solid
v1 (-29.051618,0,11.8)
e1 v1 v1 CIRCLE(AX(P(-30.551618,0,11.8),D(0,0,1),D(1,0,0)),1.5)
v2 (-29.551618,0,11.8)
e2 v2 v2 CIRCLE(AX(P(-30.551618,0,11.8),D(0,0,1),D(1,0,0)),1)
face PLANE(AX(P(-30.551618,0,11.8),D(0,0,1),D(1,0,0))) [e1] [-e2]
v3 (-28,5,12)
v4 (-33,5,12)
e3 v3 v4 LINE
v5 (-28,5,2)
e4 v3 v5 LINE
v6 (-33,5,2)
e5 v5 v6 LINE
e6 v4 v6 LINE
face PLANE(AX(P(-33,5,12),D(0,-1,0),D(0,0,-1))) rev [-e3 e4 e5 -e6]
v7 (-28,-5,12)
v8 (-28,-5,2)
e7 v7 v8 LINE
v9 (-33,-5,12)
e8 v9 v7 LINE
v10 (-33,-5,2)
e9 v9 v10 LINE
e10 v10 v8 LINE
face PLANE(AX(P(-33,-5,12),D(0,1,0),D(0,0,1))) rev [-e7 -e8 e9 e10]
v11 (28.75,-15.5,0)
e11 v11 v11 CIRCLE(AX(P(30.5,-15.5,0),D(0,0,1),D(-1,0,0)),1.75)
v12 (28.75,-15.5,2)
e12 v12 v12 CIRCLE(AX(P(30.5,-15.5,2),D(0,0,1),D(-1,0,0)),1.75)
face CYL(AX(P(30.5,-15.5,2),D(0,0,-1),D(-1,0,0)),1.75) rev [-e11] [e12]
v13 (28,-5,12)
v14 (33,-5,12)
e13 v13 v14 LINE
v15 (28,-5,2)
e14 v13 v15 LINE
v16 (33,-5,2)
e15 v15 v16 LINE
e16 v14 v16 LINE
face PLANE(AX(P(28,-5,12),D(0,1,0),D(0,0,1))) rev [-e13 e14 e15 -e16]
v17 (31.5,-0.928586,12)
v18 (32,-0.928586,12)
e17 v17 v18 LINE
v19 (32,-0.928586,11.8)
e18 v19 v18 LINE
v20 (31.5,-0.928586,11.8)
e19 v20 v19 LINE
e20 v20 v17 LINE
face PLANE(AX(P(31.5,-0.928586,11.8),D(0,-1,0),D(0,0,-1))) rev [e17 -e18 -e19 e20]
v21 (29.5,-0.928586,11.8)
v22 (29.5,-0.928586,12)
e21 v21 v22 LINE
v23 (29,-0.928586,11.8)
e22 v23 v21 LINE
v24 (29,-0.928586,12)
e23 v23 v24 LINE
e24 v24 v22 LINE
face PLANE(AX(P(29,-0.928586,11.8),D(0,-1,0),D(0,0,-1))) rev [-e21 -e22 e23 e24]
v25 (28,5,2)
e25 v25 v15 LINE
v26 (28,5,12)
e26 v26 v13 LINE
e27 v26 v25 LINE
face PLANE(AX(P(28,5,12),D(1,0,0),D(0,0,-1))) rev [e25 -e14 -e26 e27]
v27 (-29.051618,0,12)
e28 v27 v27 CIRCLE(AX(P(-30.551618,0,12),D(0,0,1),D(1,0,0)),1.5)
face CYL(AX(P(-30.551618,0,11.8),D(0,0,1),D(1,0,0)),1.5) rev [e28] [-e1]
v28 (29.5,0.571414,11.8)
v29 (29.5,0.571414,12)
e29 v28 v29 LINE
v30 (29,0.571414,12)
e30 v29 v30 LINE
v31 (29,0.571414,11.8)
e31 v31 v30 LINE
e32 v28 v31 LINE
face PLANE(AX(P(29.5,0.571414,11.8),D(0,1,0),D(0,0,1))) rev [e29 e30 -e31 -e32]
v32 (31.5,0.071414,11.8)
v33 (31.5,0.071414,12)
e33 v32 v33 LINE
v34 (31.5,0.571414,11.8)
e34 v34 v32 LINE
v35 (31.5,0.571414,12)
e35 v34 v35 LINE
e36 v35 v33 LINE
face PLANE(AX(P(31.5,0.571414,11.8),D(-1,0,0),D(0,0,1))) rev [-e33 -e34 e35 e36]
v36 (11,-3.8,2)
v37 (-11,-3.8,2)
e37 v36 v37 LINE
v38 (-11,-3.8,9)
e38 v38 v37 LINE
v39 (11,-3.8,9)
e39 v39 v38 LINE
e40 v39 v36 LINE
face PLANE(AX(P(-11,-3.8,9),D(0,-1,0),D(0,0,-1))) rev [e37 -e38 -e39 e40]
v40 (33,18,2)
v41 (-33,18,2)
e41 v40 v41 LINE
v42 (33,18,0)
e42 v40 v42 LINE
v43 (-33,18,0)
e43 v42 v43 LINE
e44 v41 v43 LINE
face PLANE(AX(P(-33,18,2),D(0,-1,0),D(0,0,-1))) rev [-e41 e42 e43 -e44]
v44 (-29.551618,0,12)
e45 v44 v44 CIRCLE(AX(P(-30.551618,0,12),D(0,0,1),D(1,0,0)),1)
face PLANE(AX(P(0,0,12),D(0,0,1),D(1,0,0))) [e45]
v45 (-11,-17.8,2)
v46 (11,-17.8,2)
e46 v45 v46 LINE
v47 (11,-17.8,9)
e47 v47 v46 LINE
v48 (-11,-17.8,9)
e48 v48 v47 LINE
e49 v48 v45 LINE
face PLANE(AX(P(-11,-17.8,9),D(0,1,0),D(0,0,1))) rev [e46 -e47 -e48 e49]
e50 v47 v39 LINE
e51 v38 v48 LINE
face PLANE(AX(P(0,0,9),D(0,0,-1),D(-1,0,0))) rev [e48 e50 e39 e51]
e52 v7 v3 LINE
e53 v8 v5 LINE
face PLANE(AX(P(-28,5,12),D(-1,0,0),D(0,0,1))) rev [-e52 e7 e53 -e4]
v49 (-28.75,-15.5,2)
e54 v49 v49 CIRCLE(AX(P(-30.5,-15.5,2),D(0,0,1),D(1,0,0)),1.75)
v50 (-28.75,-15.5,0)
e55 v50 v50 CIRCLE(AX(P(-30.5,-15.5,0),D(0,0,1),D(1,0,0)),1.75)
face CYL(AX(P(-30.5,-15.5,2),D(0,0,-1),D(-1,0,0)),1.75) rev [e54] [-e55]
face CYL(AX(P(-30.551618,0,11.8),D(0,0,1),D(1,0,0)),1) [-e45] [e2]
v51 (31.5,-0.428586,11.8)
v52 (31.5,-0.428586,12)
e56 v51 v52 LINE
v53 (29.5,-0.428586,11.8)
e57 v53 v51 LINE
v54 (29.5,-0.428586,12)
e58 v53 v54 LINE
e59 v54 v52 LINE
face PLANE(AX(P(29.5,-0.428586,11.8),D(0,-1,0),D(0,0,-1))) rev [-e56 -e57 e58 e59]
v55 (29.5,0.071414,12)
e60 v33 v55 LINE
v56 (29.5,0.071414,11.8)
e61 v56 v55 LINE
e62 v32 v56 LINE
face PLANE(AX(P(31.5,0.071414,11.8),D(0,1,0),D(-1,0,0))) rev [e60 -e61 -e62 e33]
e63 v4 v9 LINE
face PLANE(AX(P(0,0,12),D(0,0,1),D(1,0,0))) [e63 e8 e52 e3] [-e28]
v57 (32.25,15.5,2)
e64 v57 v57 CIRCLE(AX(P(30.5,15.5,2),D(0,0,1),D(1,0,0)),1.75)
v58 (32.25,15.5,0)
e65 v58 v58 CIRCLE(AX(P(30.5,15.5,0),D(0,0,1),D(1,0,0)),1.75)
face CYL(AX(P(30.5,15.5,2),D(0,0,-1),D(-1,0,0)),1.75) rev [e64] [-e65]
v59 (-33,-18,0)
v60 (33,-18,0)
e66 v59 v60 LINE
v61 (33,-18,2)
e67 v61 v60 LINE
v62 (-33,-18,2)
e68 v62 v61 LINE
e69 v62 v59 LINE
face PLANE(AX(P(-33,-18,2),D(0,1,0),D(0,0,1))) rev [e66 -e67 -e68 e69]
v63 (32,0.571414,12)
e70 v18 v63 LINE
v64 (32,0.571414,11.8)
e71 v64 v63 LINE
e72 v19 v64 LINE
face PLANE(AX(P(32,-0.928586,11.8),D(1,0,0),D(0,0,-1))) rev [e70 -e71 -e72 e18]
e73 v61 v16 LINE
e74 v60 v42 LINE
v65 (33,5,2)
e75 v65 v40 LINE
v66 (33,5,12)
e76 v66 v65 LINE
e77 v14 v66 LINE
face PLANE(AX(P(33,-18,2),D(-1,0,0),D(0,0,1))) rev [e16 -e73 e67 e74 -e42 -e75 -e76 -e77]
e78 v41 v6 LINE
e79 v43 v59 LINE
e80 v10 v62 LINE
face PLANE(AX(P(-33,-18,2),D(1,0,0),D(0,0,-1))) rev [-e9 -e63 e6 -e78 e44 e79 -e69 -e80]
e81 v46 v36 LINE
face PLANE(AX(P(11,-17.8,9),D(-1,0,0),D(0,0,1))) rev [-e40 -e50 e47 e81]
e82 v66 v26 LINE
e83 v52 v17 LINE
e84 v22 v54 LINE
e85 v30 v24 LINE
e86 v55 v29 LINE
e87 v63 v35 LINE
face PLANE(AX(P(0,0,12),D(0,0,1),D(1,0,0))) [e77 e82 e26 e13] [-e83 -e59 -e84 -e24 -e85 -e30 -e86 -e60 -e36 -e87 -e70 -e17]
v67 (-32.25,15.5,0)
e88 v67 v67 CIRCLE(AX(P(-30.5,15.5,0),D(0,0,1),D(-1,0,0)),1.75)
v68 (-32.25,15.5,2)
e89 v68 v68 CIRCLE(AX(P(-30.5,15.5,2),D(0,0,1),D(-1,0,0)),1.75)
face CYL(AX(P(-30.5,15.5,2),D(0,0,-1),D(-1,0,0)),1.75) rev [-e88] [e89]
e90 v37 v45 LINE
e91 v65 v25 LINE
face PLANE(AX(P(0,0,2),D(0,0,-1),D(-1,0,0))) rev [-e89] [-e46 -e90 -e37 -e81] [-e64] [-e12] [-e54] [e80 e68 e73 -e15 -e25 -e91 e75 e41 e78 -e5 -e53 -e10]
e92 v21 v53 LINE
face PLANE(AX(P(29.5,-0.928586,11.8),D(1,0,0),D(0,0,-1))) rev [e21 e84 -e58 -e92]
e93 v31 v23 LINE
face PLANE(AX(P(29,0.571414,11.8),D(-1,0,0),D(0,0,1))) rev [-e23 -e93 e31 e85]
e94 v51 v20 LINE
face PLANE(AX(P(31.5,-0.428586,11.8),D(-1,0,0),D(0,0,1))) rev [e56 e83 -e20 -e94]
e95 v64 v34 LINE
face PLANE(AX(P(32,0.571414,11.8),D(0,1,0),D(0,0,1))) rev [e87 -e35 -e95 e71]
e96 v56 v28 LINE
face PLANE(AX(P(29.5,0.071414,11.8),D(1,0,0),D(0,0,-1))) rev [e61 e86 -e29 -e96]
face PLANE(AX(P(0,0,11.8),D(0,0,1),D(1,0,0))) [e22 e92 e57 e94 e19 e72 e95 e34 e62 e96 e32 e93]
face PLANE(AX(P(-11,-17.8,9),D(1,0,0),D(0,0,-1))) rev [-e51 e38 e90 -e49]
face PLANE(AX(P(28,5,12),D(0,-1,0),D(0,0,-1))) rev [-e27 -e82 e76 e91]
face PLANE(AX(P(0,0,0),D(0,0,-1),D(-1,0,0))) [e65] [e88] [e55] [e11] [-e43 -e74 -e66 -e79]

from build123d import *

# Parameters (mm, degrees)
SKETCH_1_W          = 66
SKETCH_1_H          = 36
SKETCH_1_R          = 1.75
EXTRUDE_1_DEPTH     = 2
SKETCH_2_W          = 22
SKETCH_2_H          = 14
EXTRUDE_2_DEPTH     = 7
SKETCH_3_W          = 5
SKETCH_3_H          = 10
EXTRUDE_3_DEPTH     = 10
CUT_EXTRUDE_1_DEPTH = 0.2
SKETCH_5_R          = 1.5
SKETCH_5_R_2        = 1
CUT_EXTRUDE_2_DEPTH = 0.2


with BuildPart() as part:
    # 草图1 → 凸台-拉伸1 (new body)
    with BuildSketch(Plane.XY):
        Rectangle(SKETCH_1_W, SKETCH_1_H)
        with Locations((30.5, 15.5)):
            Circle(SKETCH_1_R, mode=Mode.SUBTRACT)
        with Locations(Location((30.5, -15.5, 0), (0, 0, 180))):
            Circle(SKETCH_1_R, mode=Mode.SUBTRACT)
        with Locations((-30.5, -15.5)):
            Circle(SKETCH_1_R, mode=Mode.SUBTRACT)
        with Locations(Location((-30.5, 15.5, 0), (0, 0, 180))):
            Circle(SKETCH_1_R, mode=Mode.SUBTRACT)
    extrude(amount=EXTRUDE_1_DEPTH)

    # 草图2 → 凸台-拉伸2 (add)
    with BuildSketch(Plane.XY.offset(2)):
        with Locations((0, -10.8)):
            Rectangle(SKETCH_2_W, SKETCH_2_H)
    extrude(amount=EXTRUDE_2_DEPTH)

    # 草图3 → 凸台-拉伸3 (add)
    with BuildSketch(Plane.XY.offset(2)):
        with Locations((-30.5, 0)):
            Rectangle(SKETCH_3_W, SKETCH_3_H)
        with Locations((30.5, 0)):
            Rectangle(SKETCH_3_W, SKETCH_3_H)
    extrude(amount=EXTRUDE_3_DEPTH)

    # 草图4 → 切除-拉伸1 (cut)
    with BuildSketch(Plane.XY.offset(12)):
        Polygon((29, 0.571414009), (29, -0.928585991), (29.5, -0.928585991), (29.5, -0.428585991), (31.5, -0.428585991), (31.5, -0.928585991), (32, -0.928585991), (32, 0.571414009), (31.5, 0.571414009), (31.5, 0.071414009), (29.5, 0.071414009), (29.5, 0.571414009), align=None)
    extrude(amount=-CUT_EXTRUDE_1_DEPTH, mode=Mode.SUBTRACT)

    # 草图5 → 切除-拉伸2 (cut)
    with BuildSketch(Plane.XY.offset(12)):
        with Locations((-30.551618455, 0)):
            Circle(SKETCH_5_R)
        with Locations((-30.551618455, 0)):
            Circle(SKETCH_5_R_2, mode=Mode.SUBTRACT)
    extrude(amount=-CUT_EXTRUDE_2_DEPTH, mode=Mode.SUBTRACT)


solid = part.part
